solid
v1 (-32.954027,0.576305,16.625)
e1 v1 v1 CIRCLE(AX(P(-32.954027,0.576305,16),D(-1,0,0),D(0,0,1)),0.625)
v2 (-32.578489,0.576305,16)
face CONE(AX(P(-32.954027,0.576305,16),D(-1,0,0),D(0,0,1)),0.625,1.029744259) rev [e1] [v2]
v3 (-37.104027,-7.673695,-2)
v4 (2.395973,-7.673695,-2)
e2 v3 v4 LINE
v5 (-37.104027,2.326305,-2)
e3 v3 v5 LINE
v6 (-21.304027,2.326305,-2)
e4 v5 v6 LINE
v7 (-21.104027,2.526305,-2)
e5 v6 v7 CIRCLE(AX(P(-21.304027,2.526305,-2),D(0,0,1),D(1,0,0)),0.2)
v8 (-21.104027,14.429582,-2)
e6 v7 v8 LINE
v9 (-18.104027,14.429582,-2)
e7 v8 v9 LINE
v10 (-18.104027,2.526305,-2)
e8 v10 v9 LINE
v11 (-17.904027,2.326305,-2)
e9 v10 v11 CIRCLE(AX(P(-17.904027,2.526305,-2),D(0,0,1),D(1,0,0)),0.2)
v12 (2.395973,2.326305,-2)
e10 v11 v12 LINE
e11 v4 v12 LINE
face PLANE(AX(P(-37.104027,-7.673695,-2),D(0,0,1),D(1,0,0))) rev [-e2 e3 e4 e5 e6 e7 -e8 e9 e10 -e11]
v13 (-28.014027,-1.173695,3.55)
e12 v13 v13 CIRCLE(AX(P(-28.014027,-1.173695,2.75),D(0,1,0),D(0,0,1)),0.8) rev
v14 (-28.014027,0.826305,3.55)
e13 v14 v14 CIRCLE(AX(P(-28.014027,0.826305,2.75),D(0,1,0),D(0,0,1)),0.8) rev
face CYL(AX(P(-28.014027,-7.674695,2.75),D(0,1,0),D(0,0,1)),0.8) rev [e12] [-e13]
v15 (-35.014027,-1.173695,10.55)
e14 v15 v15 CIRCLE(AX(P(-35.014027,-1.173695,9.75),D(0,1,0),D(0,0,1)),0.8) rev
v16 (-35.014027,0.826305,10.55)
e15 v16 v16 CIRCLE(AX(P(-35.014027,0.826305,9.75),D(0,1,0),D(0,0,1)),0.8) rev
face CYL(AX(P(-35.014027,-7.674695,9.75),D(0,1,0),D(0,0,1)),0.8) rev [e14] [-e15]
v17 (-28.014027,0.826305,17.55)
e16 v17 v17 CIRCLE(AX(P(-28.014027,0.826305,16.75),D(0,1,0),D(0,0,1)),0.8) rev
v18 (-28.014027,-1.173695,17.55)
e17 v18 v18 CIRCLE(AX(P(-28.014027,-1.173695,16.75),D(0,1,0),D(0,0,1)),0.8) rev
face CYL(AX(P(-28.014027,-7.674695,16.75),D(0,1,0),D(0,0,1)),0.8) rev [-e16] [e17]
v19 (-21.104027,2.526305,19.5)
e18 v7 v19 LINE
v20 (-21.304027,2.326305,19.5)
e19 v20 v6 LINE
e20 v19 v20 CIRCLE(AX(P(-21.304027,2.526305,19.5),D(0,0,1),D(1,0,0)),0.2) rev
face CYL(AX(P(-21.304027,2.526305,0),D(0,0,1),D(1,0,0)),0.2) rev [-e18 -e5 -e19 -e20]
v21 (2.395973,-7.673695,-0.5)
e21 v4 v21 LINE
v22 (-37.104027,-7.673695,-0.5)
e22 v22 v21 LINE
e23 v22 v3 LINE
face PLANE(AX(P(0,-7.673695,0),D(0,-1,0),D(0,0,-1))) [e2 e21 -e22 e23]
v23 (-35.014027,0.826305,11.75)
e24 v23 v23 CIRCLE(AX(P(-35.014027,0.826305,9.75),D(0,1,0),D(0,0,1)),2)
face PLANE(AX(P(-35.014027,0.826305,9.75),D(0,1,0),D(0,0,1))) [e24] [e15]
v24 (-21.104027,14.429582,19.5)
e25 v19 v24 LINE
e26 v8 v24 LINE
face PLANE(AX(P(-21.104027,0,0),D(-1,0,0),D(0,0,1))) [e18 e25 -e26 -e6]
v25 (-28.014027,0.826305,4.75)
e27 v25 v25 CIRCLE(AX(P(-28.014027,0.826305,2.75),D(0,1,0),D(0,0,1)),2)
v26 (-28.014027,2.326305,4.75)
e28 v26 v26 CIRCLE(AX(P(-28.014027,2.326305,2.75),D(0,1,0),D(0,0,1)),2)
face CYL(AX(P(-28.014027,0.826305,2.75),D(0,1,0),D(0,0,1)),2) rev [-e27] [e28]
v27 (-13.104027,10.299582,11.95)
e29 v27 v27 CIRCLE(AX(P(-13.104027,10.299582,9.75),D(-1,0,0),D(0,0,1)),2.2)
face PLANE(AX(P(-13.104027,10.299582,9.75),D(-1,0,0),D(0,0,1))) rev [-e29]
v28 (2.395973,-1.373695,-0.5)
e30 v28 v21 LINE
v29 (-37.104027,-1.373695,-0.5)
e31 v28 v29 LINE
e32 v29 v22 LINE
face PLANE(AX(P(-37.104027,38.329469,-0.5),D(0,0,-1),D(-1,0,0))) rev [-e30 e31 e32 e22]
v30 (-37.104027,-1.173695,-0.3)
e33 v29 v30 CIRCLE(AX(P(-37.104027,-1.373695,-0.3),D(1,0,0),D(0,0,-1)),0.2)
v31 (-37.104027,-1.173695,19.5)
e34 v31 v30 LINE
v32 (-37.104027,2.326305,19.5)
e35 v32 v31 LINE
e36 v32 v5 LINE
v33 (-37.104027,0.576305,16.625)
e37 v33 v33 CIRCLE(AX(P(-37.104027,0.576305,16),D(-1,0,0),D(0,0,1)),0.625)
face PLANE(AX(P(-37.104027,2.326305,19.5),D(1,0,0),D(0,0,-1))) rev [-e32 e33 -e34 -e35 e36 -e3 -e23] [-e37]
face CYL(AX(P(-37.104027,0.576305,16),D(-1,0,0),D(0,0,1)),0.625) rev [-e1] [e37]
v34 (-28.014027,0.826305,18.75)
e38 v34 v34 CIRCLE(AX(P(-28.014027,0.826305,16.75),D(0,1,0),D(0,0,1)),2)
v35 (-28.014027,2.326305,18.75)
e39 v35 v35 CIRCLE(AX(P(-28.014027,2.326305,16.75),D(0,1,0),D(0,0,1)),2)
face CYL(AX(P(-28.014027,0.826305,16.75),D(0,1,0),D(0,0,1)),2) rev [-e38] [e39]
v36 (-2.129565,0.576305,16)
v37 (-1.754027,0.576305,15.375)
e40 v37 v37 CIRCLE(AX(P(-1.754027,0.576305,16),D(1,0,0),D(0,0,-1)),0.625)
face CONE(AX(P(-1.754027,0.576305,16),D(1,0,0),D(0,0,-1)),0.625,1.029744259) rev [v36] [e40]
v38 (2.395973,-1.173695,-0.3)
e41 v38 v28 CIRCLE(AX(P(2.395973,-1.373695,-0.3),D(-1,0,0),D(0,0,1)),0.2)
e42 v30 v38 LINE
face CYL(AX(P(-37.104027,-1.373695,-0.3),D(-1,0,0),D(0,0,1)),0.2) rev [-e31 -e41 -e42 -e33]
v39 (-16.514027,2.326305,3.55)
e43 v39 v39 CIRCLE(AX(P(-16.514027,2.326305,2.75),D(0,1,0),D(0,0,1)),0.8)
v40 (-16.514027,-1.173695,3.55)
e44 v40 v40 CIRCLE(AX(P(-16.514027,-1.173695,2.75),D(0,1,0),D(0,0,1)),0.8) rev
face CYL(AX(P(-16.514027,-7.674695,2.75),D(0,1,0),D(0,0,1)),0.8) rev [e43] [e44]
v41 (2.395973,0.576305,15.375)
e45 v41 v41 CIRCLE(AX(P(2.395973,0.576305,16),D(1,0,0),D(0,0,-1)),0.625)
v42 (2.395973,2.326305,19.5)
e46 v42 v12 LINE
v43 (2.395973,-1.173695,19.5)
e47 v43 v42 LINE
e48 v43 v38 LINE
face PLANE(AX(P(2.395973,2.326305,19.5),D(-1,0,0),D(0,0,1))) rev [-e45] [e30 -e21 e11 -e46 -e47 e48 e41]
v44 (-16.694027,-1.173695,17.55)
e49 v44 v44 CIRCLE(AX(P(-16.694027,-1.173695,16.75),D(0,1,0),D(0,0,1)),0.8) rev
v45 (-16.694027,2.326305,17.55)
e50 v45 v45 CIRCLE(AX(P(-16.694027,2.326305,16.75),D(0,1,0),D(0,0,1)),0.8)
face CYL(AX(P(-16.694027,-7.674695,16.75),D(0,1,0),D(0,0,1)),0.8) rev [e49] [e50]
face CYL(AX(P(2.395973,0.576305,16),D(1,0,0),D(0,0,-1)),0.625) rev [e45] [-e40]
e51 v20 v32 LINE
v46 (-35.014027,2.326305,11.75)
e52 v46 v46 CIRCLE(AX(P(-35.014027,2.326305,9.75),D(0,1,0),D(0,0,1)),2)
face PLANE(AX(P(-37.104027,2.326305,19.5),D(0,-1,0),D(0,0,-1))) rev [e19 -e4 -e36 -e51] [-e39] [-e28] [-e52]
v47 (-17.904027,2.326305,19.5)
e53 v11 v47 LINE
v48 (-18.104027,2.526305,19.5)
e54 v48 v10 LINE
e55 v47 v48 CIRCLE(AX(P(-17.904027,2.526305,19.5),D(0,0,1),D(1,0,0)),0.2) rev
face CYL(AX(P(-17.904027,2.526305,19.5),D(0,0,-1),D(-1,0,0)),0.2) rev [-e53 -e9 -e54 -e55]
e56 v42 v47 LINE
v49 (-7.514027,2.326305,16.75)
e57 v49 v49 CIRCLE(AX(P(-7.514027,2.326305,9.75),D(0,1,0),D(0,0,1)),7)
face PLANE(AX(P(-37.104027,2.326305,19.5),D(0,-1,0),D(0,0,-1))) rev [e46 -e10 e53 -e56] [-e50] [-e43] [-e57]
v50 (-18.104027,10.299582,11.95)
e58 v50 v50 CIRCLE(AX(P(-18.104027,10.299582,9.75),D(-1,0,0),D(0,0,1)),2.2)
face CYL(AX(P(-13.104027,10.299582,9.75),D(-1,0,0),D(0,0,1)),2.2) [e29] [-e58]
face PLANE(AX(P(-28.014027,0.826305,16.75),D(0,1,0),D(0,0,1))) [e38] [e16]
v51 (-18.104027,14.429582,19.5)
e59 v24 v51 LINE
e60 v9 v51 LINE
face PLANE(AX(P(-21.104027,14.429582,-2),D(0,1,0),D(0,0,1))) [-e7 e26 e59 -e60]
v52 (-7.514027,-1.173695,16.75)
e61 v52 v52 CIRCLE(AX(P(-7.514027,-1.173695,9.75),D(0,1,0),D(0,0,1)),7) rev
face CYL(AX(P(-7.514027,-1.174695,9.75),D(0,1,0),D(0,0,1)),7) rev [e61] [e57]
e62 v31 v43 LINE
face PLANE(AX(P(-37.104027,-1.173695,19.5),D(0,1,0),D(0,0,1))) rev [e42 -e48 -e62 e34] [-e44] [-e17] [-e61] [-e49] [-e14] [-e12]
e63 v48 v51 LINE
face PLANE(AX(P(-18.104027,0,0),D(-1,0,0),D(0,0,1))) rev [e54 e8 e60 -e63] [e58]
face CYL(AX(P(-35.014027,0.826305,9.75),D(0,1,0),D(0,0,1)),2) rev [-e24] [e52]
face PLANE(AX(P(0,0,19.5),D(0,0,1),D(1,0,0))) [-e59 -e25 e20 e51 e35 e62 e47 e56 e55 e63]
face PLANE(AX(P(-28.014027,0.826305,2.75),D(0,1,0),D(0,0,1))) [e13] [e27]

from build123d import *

# Parameters (mm, degrees)
SKETCH_1_W               = 39.5
SKETCH_1_H               = 3.5
EXTRUDE_1_DEPTH          = 19.5
CUT_EXTRUDE_1_REACH      = 44.062
SKETCH_3_R               = 7
EXTRUDE_START            = -3.5
SKETCH_4_W               = 39.5
SKETCH_4_H               = 2
EXTRUDE_2_DEPTH          = 10
CUT_EXTRUDE_2_REACH      = 45.092
SKETCH_5_R               = 0.8
HOLE_WIZARD_M1_6_1_D     = 1.25
HOLE_WIZARD_M1_6_1_DEPTH = 4.15
HOLE_WIZARD_M1_6_1_TIP   = 0.375537887
HOLE_WIZARD_M1_6_2_D     = 1.25
HOLE_WIZARD_M1_6_2_DEPTH = 4.15
HOLE_WIZARD_M1_6_2_TIP   = 0.375537887
SKETCH_10_W              = 21.5
SKETCH_10_H              = 12.103276992
EXTRUDE_3_DEPTH          = 3
SKETCH_11_R              = 2.2
EXTRUDE_4_DEPTH          = 5
SKETCH_12_W              = 39.5
SKETCH_12_H              = 0.5
CUT_EXTRUDE_3_DEPTH      = 6.5
FILLET_1_R               = 0.2
FILLET_2_R               = 0.2
SKETCH_13_R              = 2
CUT_EXTRUDE_4_DEPTH      = 1.5


with BuildPart() as part:
    # 草图1 → 凸台-拉伸1 (new body)
    with BuildSketch(Plane.XY):
        with Locations((-17.354026846, 0.57630481)):
            Rectangle(SKETCH_1_W, SKETCH_1_H)
    extrude(amount=EXTRUDE_1_DEPTH)

    # 草图3 → 切除-拉伸1 (cut, up to next)
    with BuildSketch(Plane(origin=(0, 2.32630481, 0), x_dir=(1, 0, 0), z_dir=(0, 1, 0)), mode=Mode.PRIVATE) as cut_extrude_1_sk1:
        with Locations(Location((-7.514026846, -9.75, 0), (0, 0, 270))):
            Circle(SKETCH_3_R)
    cut_extrude_1_tool1 = extrude(cut_extrude_1_sk1.sketch, amount=-CUT_EXTRUDE_1_REACH, mode=Mode.PRIVATE) & part.part
    add(cut_extrude_1_tool1.solids().sort_by_distance((-7.514027, 2.326305, 9.75))[0], mode=Mode.SUBTRACT)

    # 草图4 → 凸台-拉伸2 (add)
    with BuildSketch(Plane.XZ.offset(1.17369519).offset(EXTRUDE_START)):
        with Locations((-17.354026846, -1)):
            Rectangle(SKETCH_4_W, SKETCH_4_H)
    extrude(amount=EXTRUDE_2_DEPTH)

    # 草图5 → 切除-拉伸2 (cut, up to next)
    with BuildSketch(Plane(origin=(0, 2.32630481, 0), x_dir=(1, 0, 0), z_dir=(0, 1, 0)), mode=Mode.PRIVATE) as cut_extrude_2_sk1:
        with Locations(Location((-35.014026846, -9.75, 0), (0, 0, 270))):
            Circle(SKETCH_5_R)
    cut_extrude_2_tool1 = extrude(cut_extrude_2_sk1.sketch, amount=-CUT_EXTRUDE_2_REACH, mode=Mode.PRIVATE) & part.part
    # 草图5 → 切除-拉伸2 (cut, up to next)
    with BuildSketch(Plane(origin=(0, 2.32630481, 0), x_dir=(1, 0, 0), z_dir=(0, 1, 0)), mode=Mode.PRIVATE) as cut_extrude_2_sk2:
        with Locations(Location((-28.014026846, -2.75, 0), (0, 0, 270))):
            Circle(SKETCH_5_R)
    cut_extrude_2_tool2 = extrude(cut_extrude_2_sk2.sketch, amount=-CUT_EXTRUDE_2_REACH, mode=Mode.PRIVATE) & part.part
    # 草图5 → 切除-拉伸2 (cut, up to next)
    with BuildSketch(Plane(origin=(0, 2.32630481, 0), x_dir=(1, 0, 0), z_dir=(0, 1, 0)), mode=Mode.PRIVATE) as cut_extrude_2_sk3:
        with Locations(Location((-28.014026846, -16.75, 0), (0, 0, 270))):
            Circle(SKETCH_5_R)
    cut_extrude_2_tool3 = extrude(cut_extrude_2_sk3.sketch, amount=-CUT_EXTRUDE_2_REACH, mode=Mode.PRIVATE) & part.part
    # 草图5 → 切除-拉伸2 (cut, up to next)
    with BuildSketch(Plane(origin=(0, 2.32630481, 0), x_dir=(1, 0, 0), z_dir=(0, 1, 0)), mode=Mode.PRIVATE) as cut_extrude_2_sk4:
        with Locations(Location((-16.514026846, -2.75, 0), (0, 0, 270))):
            Circle(SKETCH_5_R)
    cut_extrude_2_tool4 = extrude(cut_extrude_2_sk4.sketch, amount=-CUT_EXTRUDE_2_REACH, mode=Mode.PRIVATE) & part.part
    # 草图5 → 切除-拉伸2 (cut, up to next)
    with BuildSketch(Plane(origin=(0, 2.32630481, 0), x_dir=(1, 0, 0), z_dir=(0, 1, 0)), mode=Mode.PRIVATE) as cut_extrude_2_sk5:
        with Locations(Location((-16.694026846, -16.75, 0), (0, 0, 270))):
            Circle(SKETCH_5_R)
    cut_extrude_2_tool5 = extrude(cut_extrude_2_sk5.sketch, amount=-CUT_EXTRUDE_2_REACH, mode=Mode.PRIVATE) & part.part
    add(cut_extrude_2_tool1.solids().sort_by_distance((-35.014027, 2.326305, 9.75))[0], mode=Mode.SUBTRACT)
    add(cut_extrude_2_tool2.solids().sort_by_distance((-28.014027, 2.326305, 2.75))[0], mode=Mode.SUBTRACT)
    add(cut_extrude_2_tool3.solids().sort_by_distance((-28.014027, 2.326305, 16.75))[0], mode=Mode.SUBTRACT)
    add(cut_extrude_2_tool4.solids().sort_by_distance((-16.514027, 2.326305, 2.75))[0], mode=Mode.SUBTRACT)
    add(cut_extrude_2_tool5.solids().sort_by_distance((-16.694027, 2.326305, 16.75))[0], mode=Mode.SUBTRACT)

    # M1.6 螺纹孔1
    with Locations(Plane.ZY.offset(37.104026846)):
        with Locations((16, 0.57630481)):
            Hole(HOLE_WIZARD_M1_6_1_D / 2, depth=HOLE_WIZARD_M1_6_1_DEPTH)
            with Locations((0, 0, -(HOLE_WIZARD_M1_6_1_DEPTH + HOLE_WIZARD_M1_6_1_TIP / 2))):  # 118° drill point
                Cone(0, HOLE_WIZARD_M1_6_1_D / 2, HOLE_WIZARD_M1_6_1_TIP, mode=Mode.SUBTRACT)

    # M1.6 螺纹孔2
    with Locations(Plane(origin=(2.395973154, 0, 0), x_dir=(0, 0, -1), z_dir=(1, 0, 0))):
        with Locations((-16, 0.57630481)):
            Hole(HOLE_WIZARD_M1_6_2_D / 2, depth=HOLE_WIZARD_M1_6_2_DEPTH)
            with Locations((0, 0, -(HOLE_WIZARD_M1_6_2_DEPTH + HOLE_WIZARD_M1_6_2_TIP / 2))):  # 118° drill point
                Cone(0, HOLE_WIZARD_M1_6_2_D / 2, HOLE_WIZARD_M1_6_2_TIP, mode=Mode.SUBTRACT)

    # 草图10 → 凸台-拉伸3 (add)
    with BuildSketch(Plane.ZY.offset(18.104026846)):
        with Locations((8.75, 8.377943306)):
            Rectangle(SKETCH_10_W, SKETCH_10_H)
    extrude(amount=EXTRUDE_3_DEPTH)

    # 草图11 → 凸台-拉伸4 (add)
    with BuildSketch(Plane.ZY.offset(18.104026846)):
        with Locations((9.75, 10.299581802)):
            Circle(SKETCH_11_R)
    extrude(amount=-EXTRUDE_4_DEPTH)

    # 草图12 → 切除-拉伸3 (cut)
    with BuildSketch(Plane.XZ.offset(7.67369519)):
        with Locations((-17.354026846, -0.25)):
            Rectangle(SKETCH_12_W, SKETCH_12_H)
    extrude(amount=-CUT_EXTRUDE_3_DEPTH, mode=Mode.SUBTRACT)

    # 圆角1
    fillet_1_edges = [part.edges().sort_by_distance(p)[0] for p in [
        (-17.354026846, -1.17369519, -0.5),
    ]]
    fillet(fillet_1_edges, radius=FILLET_1_R)

    # 圆角2
    fillet_2_edges = [part.edges().sort_by_distance(p)[0] for p in [
        (-18.104026846, 2.32630481, 8.75),
        (-21.104026846, 2.32630481, 8.75),
    ]]
    fillet(fillet_2_edges, radius=FILLET_2_R)

    # 草图13 → 切除-拉伸4 (cut)
    with BuildSketch(Plane(origin=(0, 2.32630481, 0), x_dir=(1, 0, 0), z_dir=(0, 1, 0))):
        with Locations(Location((-28.014026846, -2.75, 0), (0, 0, 270))):
            Circle(SKETCH_13_R)
        with Locations(Location((-28.014026846, -16.75, 0), (0, 0, 270))):
            Circle(SKETCH_13_R)
        with Locations(Location((-35.014026846, -9.75, 0), (0, 0, 270))):
            Circle(SKETCH_13_R)
    extrude(amount=-CUT_EXTRUDE_4_DEPTH, mode=Mode.SUBTRACT)


solid = part.part
